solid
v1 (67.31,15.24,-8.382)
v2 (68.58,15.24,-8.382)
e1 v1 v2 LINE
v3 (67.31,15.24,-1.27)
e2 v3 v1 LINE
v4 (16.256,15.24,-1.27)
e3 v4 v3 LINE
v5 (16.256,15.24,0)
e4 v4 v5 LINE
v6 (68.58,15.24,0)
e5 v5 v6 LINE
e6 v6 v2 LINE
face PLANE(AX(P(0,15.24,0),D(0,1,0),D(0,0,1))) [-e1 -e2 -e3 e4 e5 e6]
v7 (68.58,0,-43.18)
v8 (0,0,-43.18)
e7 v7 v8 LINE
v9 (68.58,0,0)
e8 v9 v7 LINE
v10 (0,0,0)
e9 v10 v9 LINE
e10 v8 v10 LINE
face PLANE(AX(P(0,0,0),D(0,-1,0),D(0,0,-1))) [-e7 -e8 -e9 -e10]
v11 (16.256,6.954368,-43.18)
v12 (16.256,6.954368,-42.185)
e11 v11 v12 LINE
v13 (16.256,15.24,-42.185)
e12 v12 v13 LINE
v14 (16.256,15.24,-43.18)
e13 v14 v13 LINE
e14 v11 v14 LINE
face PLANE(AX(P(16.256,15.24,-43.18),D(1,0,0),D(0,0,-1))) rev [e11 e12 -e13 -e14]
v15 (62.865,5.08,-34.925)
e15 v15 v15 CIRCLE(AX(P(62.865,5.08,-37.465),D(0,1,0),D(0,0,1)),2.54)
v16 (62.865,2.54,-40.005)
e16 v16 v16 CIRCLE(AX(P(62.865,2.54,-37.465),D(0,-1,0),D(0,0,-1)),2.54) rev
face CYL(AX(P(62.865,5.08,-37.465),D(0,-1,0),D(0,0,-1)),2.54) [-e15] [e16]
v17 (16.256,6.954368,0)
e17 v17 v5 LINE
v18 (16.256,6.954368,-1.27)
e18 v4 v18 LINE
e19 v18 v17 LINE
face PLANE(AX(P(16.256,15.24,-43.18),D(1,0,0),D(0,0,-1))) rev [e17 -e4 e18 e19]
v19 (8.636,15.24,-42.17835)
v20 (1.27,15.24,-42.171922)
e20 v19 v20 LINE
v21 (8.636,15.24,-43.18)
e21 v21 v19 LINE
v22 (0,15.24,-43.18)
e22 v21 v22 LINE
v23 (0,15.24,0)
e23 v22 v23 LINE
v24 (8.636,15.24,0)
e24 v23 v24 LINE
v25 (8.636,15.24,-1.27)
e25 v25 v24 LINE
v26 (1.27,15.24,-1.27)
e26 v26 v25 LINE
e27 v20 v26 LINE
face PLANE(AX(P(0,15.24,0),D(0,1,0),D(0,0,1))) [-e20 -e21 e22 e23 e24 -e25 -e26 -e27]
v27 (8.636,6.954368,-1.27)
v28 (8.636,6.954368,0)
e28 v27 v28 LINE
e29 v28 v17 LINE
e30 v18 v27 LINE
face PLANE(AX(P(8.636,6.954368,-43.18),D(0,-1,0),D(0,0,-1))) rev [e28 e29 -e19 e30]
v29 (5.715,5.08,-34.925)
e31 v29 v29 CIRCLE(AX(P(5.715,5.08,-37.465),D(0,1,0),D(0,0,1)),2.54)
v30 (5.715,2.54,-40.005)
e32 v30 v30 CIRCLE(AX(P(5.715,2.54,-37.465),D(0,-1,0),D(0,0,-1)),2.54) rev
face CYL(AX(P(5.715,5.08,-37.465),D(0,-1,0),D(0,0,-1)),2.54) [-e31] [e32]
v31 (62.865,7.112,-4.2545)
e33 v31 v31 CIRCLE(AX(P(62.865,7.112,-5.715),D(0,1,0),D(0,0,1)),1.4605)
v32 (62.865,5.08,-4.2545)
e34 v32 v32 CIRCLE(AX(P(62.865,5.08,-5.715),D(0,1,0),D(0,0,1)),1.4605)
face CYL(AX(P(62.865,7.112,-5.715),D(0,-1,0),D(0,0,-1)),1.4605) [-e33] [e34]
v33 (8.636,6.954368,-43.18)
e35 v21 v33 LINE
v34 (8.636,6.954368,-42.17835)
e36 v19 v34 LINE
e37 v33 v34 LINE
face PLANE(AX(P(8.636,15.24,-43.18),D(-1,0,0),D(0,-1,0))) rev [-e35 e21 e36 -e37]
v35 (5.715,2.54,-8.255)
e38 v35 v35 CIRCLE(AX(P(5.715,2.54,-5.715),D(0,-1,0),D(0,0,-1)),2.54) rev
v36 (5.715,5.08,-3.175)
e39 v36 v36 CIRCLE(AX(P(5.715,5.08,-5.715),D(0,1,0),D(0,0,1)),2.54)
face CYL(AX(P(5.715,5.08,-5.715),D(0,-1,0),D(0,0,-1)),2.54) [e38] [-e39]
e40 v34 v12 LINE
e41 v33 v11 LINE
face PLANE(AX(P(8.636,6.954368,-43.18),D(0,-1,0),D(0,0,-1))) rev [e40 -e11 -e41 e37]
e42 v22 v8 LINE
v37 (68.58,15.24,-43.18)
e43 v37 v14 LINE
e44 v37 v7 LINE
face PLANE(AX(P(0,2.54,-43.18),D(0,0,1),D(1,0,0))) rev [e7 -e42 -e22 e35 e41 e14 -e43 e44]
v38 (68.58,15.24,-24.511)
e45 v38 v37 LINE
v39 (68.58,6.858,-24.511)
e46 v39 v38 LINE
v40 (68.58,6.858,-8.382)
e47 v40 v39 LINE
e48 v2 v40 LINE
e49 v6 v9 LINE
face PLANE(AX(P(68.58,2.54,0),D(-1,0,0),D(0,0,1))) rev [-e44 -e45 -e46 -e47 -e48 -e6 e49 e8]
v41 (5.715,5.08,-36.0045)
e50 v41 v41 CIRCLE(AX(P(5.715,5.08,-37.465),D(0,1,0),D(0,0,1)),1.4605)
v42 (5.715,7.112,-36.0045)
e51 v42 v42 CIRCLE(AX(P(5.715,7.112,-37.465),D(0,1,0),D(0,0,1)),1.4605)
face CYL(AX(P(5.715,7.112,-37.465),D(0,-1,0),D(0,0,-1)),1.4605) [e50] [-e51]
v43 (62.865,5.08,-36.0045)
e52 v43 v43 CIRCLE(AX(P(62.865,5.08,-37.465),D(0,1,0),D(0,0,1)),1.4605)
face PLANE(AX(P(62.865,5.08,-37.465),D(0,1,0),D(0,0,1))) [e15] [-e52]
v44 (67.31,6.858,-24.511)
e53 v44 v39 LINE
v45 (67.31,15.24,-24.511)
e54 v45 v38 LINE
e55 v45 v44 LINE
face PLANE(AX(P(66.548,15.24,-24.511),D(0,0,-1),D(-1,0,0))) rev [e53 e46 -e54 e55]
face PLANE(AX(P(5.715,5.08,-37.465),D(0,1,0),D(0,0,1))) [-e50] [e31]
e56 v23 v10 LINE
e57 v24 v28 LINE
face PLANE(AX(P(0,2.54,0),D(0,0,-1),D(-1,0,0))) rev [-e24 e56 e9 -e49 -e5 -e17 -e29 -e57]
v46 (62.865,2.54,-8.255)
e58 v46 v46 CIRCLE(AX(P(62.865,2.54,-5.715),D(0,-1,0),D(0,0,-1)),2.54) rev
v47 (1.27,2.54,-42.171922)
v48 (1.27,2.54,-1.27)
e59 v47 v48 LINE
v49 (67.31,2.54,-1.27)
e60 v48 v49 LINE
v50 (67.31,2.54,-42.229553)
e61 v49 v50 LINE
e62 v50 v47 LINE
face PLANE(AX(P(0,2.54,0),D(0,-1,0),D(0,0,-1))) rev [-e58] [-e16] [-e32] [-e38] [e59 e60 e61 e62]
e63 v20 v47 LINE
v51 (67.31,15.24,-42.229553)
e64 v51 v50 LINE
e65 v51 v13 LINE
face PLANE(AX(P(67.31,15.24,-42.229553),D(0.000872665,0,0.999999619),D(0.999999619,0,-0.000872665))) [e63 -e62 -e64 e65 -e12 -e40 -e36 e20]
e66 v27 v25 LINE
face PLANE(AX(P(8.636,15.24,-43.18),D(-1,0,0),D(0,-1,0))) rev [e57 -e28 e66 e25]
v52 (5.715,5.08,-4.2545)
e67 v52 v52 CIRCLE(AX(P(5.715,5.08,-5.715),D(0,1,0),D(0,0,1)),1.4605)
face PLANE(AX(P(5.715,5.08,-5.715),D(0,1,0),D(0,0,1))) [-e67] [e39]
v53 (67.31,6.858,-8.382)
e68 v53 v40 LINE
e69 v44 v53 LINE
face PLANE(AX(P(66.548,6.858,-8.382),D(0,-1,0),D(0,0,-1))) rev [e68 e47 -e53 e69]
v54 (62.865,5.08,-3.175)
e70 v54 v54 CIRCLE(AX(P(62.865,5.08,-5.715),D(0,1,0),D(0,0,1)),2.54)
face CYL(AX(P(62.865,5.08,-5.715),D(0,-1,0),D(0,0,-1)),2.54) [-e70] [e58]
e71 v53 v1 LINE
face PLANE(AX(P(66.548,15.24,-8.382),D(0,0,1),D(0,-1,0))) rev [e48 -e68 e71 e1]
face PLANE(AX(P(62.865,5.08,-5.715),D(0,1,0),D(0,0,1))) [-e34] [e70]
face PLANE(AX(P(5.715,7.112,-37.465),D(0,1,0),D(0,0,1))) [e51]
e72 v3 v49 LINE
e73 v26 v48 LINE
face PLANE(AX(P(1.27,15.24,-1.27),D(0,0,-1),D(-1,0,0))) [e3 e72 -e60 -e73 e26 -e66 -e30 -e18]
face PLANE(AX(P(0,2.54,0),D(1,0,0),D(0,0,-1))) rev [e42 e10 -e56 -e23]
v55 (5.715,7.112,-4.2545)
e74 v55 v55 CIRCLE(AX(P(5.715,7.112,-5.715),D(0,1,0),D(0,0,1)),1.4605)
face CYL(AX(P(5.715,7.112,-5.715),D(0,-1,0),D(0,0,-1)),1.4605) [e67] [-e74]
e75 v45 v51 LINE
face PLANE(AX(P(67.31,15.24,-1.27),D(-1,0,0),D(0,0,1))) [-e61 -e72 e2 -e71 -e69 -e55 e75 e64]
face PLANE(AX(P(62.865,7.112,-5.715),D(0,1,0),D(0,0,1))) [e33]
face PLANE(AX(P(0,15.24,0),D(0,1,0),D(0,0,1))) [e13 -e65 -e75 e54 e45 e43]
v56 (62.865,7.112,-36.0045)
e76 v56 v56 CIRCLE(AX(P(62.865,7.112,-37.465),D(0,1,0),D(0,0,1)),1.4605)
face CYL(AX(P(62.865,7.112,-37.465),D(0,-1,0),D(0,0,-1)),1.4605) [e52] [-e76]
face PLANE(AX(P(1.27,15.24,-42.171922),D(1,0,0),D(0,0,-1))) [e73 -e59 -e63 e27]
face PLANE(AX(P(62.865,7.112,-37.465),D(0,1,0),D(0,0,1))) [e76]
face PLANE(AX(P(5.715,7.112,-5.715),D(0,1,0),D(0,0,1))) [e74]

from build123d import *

# Parameters (mm, degrees)
SKETCH1_W           = 68.58
SKETCH1_H           = 43.18
BOSS_EXTRUDE1_DEPTH = 2.54
SKETCH5_R           = 2.54
BOSS_EXTRUDE2_DEPTH = 2.54
SKETCH6_W           = 68.58
SKETCH6_H           = 43.18
BOSS_EXTRUDE3_DEPTH = 12.7
SKETCH7_R           = 1.4605
BOSS_EXTRUDE4_DEPTH = 2.032
SKETCH8_W           = 7.62
SKETCH8_H           = 8.2856324
CUT_EXTRUDE1_DEPTH  = 83.46203005
SKETCH9_W           = 16.129
SKETCH9_H           = 8.382
CUT_EXTRUDE2_DEPTH  = 2.032


with BuildPart() as part:
    # Sketch1 → Boss-Extrude1 (new body)
    with BuildSketch(Plane(origin=(0, 0, 0), x_dir=(1, 0, 0), z_dir=(0, 1, 0))):
        with Locations((34.29, 21.59)):
            Rectangle(SKETCH1_W, SKETCH1_H)
    extrude(amount=BOSS_EXTRUDE1_DEPTH)

    # Sketch5 → Boss-Extrude2 (add)
    with BuildSketch(Plane(origin=(0, 2.54, 0), x_dir=(1, 0, 0), z_dir=(0, 1, 0))):
        with Locations(Location((5.715, 37.465, 0), (0, 0, 90))):
            Circle(SKETCH5_R)
        with Locations(Location((62.865, 37.465, 0), (0, 0, 90))):
            Circle(SKETCH5_R)
        with Locations(Location((5.715, 5.715, 0), (0, 0, 90))):
            Circle(SKETCH5_R)
        with Locations(Location((62.865, 5.715, 0), (0, 0, 90))):
            Circle(SKETCH5_R)
    extrude(amount=BOSS_EXTRUDE2_DEPTH)

    # Sketch6 → Boss-Extrude3 (add)
    with BuildSketch(Plane(origin=(0, 2.54, 0), x_dir=(1, 0, 0), z_dir=(0, 1, 0))):
        with Locations((34.29, 21.59)):
            Rectangle(SKETCH6_W, SKETCH6_H)
        Polygon((1.27, 42.171922196), (1.27, 1.27), (67.31, 1.27), (67.31, 42.229552983), align=None, mode=Mode.SUBTRACT)
    extrude(amount=BOSS_EXTRUDE3_DEPTH)

    # Sketch7 → Boss-Extrude4 (add)
    with BuildSketch(Plane(origin=(0, 5.08, 0), x_dir=(1, 0, 0), z_dir=(0, 1, 0))):
        with Locations(Location((5.715, 37.465, 0), (0, 0, 270))):
            Circle(SKETCH7_R)
        with Locations(Location((5.715, 5.715, 0), (0, 0, 270))):
            Circle(SKETCH7_R)
        with Locations(Location((62.865, 5.715, 0), (0, 0, 270))):
            Circle(SKETCH7_R)
        with Locations(Location((62.865, 37.465, 0), (0, 0, 270))):
            Circle(SKETCH7_R)
    extrude(amount=BOSS_EXTRUDE4_DEPTH)

    # Sketch8 → Cut-Extrude1 (cut, through all)
    with BuildSketch(Plane.XY):
        with Locations((12.446, 11.0971838)):
            Rectangle(SKETCH8_W, SKETCH8_H)
    extrude(amount=-CUT_EXTRUDE1_DEPTH, mode=Mode.SUBTRACT)

    # Sketch9 → Cut-Extrude2 (cut)
    with BuildSketch(Plane(origin=(68.58, 0, 0), x_dir=(0, 0, -1), z_dir=(1, 0, 0))):
        with Locations((16.4465, 11.049)):
            Rectangle(SKETCH9_W, SKETCH9_H)
    extrude(amount=-CUT_EXTRUDE2_DEPTH, mode=Mode.SUBTRACT)


solid = part.part
